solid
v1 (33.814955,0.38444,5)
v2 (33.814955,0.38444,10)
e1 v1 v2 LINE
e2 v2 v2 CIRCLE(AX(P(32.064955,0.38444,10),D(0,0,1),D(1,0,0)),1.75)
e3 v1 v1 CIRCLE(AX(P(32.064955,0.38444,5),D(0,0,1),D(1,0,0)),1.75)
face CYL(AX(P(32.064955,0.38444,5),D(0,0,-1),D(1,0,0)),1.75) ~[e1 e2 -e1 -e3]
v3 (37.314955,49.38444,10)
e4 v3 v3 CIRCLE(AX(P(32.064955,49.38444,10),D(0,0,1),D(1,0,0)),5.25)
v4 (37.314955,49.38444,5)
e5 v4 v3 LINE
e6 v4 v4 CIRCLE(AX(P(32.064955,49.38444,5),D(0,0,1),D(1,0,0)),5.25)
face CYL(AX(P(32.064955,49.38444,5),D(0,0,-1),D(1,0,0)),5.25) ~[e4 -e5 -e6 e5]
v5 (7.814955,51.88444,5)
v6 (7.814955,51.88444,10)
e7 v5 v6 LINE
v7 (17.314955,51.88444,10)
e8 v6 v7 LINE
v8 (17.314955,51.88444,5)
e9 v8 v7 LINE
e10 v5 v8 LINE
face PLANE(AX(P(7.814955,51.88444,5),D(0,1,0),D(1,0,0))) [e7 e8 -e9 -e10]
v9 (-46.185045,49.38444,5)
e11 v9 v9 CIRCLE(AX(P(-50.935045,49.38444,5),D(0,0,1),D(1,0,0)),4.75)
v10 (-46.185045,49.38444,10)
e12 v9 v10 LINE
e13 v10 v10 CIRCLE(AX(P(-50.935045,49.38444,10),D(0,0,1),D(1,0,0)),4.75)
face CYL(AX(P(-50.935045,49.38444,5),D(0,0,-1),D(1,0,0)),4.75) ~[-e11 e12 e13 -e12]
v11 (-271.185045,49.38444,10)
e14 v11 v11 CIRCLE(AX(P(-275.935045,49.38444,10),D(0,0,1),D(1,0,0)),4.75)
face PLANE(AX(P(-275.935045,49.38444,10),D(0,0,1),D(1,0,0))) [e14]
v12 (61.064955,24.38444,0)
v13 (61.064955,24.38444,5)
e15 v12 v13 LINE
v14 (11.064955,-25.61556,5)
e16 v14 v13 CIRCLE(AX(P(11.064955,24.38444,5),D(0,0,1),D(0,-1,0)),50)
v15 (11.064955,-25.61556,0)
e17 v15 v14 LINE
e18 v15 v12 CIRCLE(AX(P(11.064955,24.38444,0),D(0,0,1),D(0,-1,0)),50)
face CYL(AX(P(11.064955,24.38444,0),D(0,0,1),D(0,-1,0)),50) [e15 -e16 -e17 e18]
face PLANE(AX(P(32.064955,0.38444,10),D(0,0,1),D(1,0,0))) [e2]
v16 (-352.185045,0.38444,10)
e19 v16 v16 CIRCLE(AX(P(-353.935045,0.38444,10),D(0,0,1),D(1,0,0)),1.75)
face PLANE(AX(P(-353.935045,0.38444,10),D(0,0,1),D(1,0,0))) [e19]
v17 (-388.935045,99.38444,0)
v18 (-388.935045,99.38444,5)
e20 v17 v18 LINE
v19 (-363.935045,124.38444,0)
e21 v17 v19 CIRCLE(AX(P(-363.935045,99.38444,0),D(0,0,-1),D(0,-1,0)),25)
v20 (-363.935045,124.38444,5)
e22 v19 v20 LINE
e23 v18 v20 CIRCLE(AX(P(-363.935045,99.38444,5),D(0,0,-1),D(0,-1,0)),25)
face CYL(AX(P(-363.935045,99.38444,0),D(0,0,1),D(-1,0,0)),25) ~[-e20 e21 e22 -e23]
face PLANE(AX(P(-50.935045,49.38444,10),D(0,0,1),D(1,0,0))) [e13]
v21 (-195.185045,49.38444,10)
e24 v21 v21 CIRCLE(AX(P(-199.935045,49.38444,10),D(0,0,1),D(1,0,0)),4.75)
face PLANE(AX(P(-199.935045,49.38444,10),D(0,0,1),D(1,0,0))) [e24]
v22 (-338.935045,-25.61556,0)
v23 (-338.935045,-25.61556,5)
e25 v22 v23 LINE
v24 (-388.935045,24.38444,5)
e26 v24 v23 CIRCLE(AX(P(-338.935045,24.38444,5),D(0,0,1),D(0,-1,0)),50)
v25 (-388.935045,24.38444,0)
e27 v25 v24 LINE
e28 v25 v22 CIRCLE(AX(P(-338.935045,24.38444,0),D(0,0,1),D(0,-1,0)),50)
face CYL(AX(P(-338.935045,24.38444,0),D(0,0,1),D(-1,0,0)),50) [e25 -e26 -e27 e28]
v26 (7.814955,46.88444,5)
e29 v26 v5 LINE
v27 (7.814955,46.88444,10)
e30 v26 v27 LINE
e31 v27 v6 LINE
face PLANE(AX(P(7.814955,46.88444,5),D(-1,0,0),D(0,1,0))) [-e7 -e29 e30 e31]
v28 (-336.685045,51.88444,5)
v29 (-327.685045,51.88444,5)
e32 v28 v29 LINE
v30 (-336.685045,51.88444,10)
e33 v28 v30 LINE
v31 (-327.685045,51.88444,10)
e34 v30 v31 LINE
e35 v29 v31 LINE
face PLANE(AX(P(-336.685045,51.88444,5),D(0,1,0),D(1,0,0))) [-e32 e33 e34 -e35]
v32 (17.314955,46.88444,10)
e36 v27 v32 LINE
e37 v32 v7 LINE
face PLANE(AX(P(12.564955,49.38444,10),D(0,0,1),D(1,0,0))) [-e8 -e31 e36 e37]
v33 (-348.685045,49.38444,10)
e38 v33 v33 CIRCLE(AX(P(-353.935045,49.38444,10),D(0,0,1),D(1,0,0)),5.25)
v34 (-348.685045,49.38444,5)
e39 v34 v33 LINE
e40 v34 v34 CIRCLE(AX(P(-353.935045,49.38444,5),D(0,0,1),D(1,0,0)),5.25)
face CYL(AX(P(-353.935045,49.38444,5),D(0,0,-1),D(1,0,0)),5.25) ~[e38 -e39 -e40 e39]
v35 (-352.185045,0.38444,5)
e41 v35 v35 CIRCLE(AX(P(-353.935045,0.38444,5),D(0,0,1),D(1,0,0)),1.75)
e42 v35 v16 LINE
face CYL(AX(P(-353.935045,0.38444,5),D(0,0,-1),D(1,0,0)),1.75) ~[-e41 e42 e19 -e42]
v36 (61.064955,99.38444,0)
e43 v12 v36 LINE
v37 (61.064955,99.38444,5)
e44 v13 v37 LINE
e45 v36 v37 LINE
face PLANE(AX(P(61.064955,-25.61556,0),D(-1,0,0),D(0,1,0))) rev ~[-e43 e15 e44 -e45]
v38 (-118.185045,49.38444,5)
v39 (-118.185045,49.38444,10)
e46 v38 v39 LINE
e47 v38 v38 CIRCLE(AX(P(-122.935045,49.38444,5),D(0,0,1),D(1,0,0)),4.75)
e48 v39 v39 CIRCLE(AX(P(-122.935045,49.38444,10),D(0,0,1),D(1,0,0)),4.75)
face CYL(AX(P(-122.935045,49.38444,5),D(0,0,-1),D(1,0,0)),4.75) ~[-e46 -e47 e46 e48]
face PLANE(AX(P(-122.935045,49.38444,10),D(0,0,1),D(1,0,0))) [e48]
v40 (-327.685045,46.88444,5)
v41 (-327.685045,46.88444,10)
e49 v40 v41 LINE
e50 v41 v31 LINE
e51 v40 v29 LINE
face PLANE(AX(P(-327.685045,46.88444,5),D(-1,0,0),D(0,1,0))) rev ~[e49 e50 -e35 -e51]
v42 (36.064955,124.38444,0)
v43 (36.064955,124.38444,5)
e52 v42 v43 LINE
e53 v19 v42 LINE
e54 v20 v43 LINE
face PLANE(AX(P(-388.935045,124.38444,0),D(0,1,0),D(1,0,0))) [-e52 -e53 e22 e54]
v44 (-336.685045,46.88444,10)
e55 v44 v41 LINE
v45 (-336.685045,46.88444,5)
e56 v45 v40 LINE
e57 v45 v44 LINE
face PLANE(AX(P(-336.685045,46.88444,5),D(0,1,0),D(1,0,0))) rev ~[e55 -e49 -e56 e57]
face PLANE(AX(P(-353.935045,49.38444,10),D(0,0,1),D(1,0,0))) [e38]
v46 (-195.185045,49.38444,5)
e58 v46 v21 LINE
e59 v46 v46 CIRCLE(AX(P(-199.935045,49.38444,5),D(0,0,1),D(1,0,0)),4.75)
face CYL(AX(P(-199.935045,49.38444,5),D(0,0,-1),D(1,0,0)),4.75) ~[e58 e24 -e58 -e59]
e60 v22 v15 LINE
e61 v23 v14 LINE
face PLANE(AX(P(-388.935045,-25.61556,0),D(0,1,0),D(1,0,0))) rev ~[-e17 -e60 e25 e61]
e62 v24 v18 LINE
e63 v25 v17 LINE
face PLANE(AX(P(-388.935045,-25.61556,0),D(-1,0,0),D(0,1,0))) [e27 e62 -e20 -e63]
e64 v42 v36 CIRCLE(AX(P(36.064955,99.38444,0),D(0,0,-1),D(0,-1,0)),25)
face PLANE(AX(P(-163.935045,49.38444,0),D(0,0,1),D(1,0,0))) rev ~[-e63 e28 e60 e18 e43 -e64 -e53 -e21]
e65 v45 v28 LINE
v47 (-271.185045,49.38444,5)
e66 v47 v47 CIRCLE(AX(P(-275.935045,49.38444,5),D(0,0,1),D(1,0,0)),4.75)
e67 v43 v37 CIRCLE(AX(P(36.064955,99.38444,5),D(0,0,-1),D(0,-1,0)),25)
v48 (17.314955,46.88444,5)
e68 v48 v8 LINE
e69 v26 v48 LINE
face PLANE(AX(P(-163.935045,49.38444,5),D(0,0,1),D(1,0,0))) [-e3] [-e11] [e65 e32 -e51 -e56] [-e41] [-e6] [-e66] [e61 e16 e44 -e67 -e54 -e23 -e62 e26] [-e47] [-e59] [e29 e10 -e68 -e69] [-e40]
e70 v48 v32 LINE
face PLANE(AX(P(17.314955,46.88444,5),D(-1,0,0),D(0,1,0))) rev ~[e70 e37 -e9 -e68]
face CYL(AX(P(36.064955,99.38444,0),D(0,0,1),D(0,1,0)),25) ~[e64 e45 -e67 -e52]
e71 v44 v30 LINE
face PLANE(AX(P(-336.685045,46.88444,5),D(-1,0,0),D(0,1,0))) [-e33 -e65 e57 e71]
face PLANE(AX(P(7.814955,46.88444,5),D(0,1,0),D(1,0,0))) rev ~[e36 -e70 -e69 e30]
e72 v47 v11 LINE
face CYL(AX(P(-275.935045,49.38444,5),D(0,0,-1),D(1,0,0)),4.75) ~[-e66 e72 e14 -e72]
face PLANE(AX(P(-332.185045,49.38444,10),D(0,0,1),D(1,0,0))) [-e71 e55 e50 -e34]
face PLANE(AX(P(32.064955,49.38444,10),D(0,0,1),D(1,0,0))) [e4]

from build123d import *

# Parameters (mm, degrees)
F0_W     = 450
F0_H     = 150
F1_DEPTH = 5
F2_W     = 9
F2_H     = 5
F2_R     = 5.25
F2_R_2   = 4.75
F2_W_2   = 9.5
F2_R_3   = 1.75
F3_DEPTH = 5
F4_R     = 25
F5_R     = 50


with BuildPart() as f1:
    # F0 (on Top) → F1 (new body)
    with BuildSketch(Plane.XY):
        with Locations((-163.935045, 49.38444)):
            Rectangle(F0_W, F0_H)
    extrude(amount=F1_DEPTH)

    # F2 (on face) → F3 (join)
    with BuildSketch(Plane.XY.offset(5)):
        with Locations((-332.185045, 49.38444)):
            Rectangle(F2_W, F2_H)
        with Locations((-353.935045, 49.38444)):
            Circle(F2_R)
        with Locations((-275.935045, 49.38444)):
            Circle(F2_R_2)
        with Locations((-199.935045, 49.38444)):
            Circle(F2_R_2)
        with Locations((-122.935045, 49.38444)):
            Circle(F2_R_2)
        with Locations((-50.935045, 49.38444)):
            Circle(F2_R_2)
        with Locations((32.064955, 49.38444)):
            Circle(F2_R)
        with Locations((12.564955, 49.38444)):
            Rectangle(F2_W_2, F2_H)
        with Locations((-353.935045, 0.38444)):
            Circle(F2_R_3)
        with Locations((32.064955, 0.38444)):
            Circle(F2_R_3)
    extrude(amount=F3_DEPTH)

    # F4
    f4_edges = [f1.edges().sort_by_distance(p)[0] for p in [
        (-388.935045, 124.38444, 2.5),
        (61.064955, 124.38444, 2.5),
    ]]
    fillet(f4_edges, radius=F4_R)

    # F5
    f5_edges = [f1.edges().sort_by_distance(p)[0] for p in [
        (-388.935045, -25.61556, 2.5),
        (61.064955, -25.61556, 2.5),
    ]]
    fillet(f5_edges, radius=F5_R)


solid = f1.part
